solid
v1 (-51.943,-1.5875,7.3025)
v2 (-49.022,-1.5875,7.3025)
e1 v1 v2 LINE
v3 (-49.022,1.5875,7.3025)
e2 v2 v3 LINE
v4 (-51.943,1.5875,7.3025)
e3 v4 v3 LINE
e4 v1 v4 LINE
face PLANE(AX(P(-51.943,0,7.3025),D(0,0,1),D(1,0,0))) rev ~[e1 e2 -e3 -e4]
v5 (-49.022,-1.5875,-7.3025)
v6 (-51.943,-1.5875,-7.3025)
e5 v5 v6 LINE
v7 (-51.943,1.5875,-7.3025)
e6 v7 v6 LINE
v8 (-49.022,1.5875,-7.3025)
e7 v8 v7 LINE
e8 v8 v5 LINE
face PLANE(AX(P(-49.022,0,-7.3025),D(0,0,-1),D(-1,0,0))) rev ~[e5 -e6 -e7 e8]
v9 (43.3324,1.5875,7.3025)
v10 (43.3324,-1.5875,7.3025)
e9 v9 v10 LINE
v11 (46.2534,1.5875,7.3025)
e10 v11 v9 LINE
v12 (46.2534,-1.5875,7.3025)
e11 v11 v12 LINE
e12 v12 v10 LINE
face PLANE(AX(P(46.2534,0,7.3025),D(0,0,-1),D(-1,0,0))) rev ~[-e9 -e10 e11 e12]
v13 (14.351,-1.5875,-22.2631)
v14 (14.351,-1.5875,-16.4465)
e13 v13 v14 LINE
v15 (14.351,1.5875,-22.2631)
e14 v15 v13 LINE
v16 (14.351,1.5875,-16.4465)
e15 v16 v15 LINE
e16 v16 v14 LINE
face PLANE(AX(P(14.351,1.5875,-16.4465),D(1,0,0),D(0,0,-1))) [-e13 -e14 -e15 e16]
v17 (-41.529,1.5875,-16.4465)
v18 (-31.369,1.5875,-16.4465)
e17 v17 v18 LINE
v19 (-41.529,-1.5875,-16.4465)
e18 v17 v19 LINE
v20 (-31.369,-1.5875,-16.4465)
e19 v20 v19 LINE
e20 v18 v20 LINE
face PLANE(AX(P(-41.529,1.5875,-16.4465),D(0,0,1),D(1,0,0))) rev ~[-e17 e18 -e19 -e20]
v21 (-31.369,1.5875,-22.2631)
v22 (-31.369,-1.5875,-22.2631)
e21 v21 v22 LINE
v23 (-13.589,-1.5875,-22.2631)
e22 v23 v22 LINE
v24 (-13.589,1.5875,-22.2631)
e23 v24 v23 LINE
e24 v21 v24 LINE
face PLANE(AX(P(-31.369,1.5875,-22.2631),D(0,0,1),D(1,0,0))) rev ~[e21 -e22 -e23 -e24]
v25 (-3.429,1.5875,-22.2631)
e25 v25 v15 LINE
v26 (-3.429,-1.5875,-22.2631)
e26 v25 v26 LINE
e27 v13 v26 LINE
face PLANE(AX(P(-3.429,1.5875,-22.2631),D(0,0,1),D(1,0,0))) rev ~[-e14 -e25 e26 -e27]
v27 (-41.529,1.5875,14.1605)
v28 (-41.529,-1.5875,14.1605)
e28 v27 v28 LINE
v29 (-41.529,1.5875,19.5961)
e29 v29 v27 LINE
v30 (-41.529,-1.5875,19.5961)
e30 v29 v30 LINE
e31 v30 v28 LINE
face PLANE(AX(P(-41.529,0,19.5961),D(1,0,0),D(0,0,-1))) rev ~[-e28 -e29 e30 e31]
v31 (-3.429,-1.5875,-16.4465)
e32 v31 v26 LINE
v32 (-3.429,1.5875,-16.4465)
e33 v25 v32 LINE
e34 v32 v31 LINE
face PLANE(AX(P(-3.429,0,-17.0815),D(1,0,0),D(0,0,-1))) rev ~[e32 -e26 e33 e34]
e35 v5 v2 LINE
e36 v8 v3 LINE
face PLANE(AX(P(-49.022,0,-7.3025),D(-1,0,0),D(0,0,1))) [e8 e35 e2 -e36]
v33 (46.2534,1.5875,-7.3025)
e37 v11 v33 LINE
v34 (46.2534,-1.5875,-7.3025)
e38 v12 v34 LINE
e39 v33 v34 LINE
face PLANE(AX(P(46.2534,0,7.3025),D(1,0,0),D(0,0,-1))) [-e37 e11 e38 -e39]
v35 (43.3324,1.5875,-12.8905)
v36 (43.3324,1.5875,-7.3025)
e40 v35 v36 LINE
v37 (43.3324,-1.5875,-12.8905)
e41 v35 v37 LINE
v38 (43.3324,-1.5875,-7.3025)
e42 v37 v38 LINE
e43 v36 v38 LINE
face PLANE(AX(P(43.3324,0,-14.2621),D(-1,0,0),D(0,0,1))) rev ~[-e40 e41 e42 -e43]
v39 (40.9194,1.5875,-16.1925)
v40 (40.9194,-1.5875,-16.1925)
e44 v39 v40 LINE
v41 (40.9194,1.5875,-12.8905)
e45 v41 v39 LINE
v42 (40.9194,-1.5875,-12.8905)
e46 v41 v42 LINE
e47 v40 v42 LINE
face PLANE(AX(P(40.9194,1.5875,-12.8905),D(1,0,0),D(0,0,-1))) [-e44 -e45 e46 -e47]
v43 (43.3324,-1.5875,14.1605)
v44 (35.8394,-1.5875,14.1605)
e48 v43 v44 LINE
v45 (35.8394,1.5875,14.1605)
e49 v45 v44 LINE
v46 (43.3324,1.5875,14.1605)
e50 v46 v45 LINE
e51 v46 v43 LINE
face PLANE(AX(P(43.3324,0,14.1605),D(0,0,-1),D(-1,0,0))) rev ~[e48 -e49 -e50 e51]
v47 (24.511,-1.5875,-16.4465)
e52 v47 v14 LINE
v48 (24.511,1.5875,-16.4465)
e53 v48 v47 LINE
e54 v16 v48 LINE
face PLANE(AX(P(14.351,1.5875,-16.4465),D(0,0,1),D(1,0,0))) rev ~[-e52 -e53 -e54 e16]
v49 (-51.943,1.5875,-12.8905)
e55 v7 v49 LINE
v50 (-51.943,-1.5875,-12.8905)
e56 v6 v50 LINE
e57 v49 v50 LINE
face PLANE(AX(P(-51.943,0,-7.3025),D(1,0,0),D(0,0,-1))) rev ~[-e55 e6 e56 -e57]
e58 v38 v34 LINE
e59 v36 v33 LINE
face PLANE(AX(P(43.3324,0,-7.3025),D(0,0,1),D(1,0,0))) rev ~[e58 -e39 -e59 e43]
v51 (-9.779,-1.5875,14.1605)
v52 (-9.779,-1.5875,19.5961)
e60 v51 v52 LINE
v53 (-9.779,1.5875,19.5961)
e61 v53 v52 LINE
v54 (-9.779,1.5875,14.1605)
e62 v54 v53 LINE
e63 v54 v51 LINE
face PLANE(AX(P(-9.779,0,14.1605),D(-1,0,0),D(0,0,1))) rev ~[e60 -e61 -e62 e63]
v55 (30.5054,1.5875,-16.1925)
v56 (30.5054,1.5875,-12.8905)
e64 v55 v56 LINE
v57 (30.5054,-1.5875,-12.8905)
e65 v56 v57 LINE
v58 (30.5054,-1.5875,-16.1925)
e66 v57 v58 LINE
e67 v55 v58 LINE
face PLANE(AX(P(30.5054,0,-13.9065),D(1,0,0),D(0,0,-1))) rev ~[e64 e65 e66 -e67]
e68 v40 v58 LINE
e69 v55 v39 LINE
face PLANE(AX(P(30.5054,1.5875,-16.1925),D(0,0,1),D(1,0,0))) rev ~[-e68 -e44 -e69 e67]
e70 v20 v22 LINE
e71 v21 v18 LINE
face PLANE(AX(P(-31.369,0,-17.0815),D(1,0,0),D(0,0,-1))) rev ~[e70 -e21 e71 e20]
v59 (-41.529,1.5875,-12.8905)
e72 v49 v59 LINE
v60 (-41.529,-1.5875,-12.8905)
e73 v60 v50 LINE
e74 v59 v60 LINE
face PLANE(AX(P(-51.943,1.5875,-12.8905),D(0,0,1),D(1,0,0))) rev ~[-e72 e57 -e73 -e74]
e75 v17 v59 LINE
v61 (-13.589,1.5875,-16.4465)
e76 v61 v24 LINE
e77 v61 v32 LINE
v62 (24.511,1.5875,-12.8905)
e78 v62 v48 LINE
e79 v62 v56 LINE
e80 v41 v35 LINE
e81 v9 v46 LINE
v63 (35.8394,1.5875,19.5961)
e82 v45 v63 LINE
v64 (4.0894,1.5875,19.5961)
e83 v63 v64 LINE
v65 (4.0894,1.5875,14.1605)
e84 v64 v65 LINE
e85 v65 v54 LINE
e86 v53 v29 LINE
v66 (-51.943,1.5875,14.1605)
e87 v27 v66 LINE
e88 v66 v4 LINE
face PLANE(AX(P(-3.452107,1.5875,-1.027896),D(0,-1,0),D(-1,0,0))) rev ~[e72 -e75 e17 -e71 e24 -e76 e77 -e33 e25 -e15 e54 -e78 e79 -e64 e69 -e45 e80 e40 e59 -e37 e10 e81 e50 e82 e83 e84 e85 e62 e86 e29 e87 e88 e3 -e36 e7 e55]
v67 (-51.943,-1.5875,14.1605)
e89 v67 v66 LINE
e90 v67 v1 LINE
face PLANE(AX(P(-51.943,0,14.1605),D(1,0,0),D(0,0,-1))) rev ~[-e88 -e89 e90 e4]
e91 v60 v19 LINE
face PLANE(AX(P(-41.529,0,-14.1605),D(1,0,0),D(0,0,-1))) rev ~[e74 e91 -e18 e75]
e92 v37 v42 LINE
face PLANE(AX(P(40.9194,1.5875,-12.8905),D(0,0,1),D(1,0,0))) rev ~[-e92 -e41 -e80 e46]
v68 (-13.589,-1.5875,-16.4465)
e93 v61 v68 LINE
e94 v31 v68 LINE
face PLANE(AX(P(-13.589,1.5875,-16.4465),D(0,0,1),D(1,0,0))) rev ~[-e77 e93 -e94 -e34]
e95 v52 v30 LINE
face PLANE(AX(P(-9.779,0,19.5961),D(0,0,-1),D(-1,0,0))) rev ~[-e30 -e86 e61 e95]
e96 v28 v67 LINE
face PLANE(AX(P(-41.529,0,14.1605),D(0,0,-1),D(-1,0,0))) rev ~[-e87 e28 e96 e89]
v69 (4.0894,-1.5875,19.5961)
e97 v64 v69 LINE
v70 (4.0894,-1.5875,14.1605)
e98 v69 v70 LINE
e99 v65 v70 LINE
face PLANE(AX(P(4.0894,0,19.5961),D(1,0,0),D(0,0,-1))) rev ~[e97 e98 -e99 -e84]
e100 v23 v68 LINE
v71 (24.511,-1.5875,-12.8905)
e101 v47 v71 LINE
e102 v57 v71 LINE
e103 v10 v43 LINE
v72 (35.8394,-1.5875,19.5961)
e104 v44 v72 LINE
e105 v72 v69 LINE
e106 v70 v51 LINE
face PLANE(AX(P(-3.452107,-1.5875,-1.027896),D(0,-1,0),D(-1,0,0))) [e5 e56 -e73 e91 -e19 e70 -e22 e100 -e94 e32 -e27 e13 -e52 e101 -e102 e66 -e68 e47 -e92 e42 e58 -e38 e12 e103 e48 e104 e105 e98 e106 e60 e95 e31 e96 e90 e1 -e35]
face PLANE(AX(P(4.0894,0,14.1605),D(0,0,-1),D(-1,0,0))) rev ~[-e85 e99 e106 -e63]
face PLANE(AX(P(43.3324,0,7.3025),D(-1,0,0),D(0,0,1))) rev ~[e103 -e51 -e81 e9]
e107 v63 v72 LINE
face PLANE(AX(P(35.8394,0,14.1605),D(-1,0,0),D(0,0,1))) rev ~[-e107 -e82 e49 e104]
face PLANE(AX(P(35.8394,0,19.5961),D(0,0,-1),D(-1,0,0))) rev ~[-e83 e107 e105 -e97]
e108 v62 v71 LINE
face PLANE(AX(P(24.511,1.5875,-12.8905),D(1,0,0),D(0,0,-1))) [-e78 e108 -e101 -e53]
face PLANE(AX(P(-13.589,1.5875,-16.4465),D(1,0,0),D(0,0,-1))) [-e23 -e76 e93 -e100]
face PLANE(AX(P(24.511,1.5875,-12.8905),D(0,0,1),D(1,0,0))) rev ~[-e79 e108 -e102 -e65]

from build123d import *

# Parameters (mm, degrees)
BOSS_EXTRUDE2_DEPTH = 1.5875
SKETCH2_W           = 10.414
SKETCH2_H           = 1.27
SKETCH2_W_2         = 5.9944
SKETCH2_H_2         = 1.016
SKETCH2_W_3         = 2.413
SKETCH2_H_3         = 1.3716
CUT_EXTRUDE1_DEPTH  = 57.702519048
SKETCH3_W           = 10.16
SKETCH3_H           = 0.635
SKETCH3_W_2         = 10.414
CUT_EXTRUDE2_DEPTH  = 57.702519048
SKETCH4_W           = 17.78
SKETCH4_H           = 0.254
CUT_EXTRUDE3_DEPTH  = 57.702519048
SKETCH5_W           = 10.414
SKETCH5_H           = 0.254
CUT_EXTRUDE4_DEPTH  = 57.602133313


with BuildPart() as part:
    # Sketch1 → Boss-Extrude2 (new, symmetric)
    with BuildSketch(Plane(origin=(0, 0, 0), x_dir=(1, 0, 0), z_dir=(0, 1, 0))):
        Polygon((-49.022, -7.3025), (-49.022, 0), (-49.022, 7.3025), (-51.943, 7.3025), (-51.943, 14.1605), (-41.529, 14.1605), (-41.529, 17.0815), (-31.369, 17.0815), (-31.369, 22.5171), (-13.589, 22.5171), (-13.589, 17.0815), (-3.429, 17.0815), (-3.429, 22.5171), (14.351, 22.5171), (14.351, 17.0815), (24.511, 17.0815), (24.511, 13.9065), (30.5054, 13.9065), (30.5054, 17.0815), (40.9194, 17.0815), (40.9194, 14.2621), (43.3324, 14.2621), (43.3324, 7.3025), (46.2534, 7.3025), (46.2534, 0), (46.2534, -7.3025), (43.3324, -7.3025), (43.3324, -14.1605), (35.8394, -14.1605), (35.8394, -19.5961), (4.0894, -19.5961), (4.0894, -14.1605), (-9.779, -14.1605), (-9.779, -19.5961), (-41.529, -19.5961), (-41.529, -14.1605), (-51.943, -14.1605), (-51.943, -7.3025), align=None)
    extrude(amount=BOSS_EXTRUDE2_DEPTH, both=True)

    # Sketch2 → Cut-Extrude1 (cut, through all)
    with BuildSketch(Plane(origin=(0, 1.5875, 0), x_dir=(1, 0, 0), z_dir=(0, 1, 0))):
        with Locations((-46.736, 13.5255)):
            Rectangle(SKETCH2_W, SKETCH2_H)
        with Locations((27.5082, 13.3985)):
            Rectangle(SKETCH2_W_2, SKETCH2_H_2)
        with Locations((42.1259, 13.5763)):
            Rectangle(SKETCH2_W_3, SKETCH2_H_3)
    extrude(amount=-CUT_EXTRUDE1_DEPTH, mode=Mode.SUBTRACT)

    # Sketch3 → Cut-Extrude2 (cut, through all)
    with BuildSketch(Plane(origin=(0, 1.5875, 0), x_dir=(1, 0, 0), z_dir=(0, 1, 0))):
        with Locations((-36.449, 16.764)):
            Rectangle(SKETCH3_W, SKETCH3_H)
        with Locations((-8.509, 16.764)):
            Rectangle(SKETCH3_W, SKETCH3_H)
        with Locations((19.431, 16.764)):
            Rectangle(SKETCH3_W, SKETCH3_H)
        with Locations((35.7124, 16.764)):
            Rectangle(SKETCH3_W_2, SKETCH3_H)
    extrude(amount=-CUT_EXTRUDE2_DEPTH, mode=Mode.SUBTRACT)

    # Sketch4 → Cut-Extrude3 (cut, through all)
    with BuildSketch(Plane(origin=(0, 1.5875, 0), x_dir=(1, 0, 0), z_dir=(0, 1, 0))):
        with Locations((-22.479, 22.3901)):
            Rectangle(SKETCH4_W, SKETCH4_H)
        with Locations((5.461, 22.3901)):
            Rectangle(SKETCH4_W, SKETCH4_H)
    extrude(amount=-CUT_EXTRUDE3_DEPTH, mode=Mode.SUBTRACT)

    # Sketch5 → Cut-Extrude4 (cut, through all)
    with BuildSketch(Plane(origin=(0, 1.5875, 0), x_dir=(1, 0, 0), z_dir=(0, 1, 0))):
        with Locations((35.7124, 16.3195)):
            Rectangle(SKETCH5_W, SKETCH5_H)
    extrude(amount=-CUT_EXTRUDE4_DEPTH, mode=Mode.SUBTRACT)


solid = part.part
